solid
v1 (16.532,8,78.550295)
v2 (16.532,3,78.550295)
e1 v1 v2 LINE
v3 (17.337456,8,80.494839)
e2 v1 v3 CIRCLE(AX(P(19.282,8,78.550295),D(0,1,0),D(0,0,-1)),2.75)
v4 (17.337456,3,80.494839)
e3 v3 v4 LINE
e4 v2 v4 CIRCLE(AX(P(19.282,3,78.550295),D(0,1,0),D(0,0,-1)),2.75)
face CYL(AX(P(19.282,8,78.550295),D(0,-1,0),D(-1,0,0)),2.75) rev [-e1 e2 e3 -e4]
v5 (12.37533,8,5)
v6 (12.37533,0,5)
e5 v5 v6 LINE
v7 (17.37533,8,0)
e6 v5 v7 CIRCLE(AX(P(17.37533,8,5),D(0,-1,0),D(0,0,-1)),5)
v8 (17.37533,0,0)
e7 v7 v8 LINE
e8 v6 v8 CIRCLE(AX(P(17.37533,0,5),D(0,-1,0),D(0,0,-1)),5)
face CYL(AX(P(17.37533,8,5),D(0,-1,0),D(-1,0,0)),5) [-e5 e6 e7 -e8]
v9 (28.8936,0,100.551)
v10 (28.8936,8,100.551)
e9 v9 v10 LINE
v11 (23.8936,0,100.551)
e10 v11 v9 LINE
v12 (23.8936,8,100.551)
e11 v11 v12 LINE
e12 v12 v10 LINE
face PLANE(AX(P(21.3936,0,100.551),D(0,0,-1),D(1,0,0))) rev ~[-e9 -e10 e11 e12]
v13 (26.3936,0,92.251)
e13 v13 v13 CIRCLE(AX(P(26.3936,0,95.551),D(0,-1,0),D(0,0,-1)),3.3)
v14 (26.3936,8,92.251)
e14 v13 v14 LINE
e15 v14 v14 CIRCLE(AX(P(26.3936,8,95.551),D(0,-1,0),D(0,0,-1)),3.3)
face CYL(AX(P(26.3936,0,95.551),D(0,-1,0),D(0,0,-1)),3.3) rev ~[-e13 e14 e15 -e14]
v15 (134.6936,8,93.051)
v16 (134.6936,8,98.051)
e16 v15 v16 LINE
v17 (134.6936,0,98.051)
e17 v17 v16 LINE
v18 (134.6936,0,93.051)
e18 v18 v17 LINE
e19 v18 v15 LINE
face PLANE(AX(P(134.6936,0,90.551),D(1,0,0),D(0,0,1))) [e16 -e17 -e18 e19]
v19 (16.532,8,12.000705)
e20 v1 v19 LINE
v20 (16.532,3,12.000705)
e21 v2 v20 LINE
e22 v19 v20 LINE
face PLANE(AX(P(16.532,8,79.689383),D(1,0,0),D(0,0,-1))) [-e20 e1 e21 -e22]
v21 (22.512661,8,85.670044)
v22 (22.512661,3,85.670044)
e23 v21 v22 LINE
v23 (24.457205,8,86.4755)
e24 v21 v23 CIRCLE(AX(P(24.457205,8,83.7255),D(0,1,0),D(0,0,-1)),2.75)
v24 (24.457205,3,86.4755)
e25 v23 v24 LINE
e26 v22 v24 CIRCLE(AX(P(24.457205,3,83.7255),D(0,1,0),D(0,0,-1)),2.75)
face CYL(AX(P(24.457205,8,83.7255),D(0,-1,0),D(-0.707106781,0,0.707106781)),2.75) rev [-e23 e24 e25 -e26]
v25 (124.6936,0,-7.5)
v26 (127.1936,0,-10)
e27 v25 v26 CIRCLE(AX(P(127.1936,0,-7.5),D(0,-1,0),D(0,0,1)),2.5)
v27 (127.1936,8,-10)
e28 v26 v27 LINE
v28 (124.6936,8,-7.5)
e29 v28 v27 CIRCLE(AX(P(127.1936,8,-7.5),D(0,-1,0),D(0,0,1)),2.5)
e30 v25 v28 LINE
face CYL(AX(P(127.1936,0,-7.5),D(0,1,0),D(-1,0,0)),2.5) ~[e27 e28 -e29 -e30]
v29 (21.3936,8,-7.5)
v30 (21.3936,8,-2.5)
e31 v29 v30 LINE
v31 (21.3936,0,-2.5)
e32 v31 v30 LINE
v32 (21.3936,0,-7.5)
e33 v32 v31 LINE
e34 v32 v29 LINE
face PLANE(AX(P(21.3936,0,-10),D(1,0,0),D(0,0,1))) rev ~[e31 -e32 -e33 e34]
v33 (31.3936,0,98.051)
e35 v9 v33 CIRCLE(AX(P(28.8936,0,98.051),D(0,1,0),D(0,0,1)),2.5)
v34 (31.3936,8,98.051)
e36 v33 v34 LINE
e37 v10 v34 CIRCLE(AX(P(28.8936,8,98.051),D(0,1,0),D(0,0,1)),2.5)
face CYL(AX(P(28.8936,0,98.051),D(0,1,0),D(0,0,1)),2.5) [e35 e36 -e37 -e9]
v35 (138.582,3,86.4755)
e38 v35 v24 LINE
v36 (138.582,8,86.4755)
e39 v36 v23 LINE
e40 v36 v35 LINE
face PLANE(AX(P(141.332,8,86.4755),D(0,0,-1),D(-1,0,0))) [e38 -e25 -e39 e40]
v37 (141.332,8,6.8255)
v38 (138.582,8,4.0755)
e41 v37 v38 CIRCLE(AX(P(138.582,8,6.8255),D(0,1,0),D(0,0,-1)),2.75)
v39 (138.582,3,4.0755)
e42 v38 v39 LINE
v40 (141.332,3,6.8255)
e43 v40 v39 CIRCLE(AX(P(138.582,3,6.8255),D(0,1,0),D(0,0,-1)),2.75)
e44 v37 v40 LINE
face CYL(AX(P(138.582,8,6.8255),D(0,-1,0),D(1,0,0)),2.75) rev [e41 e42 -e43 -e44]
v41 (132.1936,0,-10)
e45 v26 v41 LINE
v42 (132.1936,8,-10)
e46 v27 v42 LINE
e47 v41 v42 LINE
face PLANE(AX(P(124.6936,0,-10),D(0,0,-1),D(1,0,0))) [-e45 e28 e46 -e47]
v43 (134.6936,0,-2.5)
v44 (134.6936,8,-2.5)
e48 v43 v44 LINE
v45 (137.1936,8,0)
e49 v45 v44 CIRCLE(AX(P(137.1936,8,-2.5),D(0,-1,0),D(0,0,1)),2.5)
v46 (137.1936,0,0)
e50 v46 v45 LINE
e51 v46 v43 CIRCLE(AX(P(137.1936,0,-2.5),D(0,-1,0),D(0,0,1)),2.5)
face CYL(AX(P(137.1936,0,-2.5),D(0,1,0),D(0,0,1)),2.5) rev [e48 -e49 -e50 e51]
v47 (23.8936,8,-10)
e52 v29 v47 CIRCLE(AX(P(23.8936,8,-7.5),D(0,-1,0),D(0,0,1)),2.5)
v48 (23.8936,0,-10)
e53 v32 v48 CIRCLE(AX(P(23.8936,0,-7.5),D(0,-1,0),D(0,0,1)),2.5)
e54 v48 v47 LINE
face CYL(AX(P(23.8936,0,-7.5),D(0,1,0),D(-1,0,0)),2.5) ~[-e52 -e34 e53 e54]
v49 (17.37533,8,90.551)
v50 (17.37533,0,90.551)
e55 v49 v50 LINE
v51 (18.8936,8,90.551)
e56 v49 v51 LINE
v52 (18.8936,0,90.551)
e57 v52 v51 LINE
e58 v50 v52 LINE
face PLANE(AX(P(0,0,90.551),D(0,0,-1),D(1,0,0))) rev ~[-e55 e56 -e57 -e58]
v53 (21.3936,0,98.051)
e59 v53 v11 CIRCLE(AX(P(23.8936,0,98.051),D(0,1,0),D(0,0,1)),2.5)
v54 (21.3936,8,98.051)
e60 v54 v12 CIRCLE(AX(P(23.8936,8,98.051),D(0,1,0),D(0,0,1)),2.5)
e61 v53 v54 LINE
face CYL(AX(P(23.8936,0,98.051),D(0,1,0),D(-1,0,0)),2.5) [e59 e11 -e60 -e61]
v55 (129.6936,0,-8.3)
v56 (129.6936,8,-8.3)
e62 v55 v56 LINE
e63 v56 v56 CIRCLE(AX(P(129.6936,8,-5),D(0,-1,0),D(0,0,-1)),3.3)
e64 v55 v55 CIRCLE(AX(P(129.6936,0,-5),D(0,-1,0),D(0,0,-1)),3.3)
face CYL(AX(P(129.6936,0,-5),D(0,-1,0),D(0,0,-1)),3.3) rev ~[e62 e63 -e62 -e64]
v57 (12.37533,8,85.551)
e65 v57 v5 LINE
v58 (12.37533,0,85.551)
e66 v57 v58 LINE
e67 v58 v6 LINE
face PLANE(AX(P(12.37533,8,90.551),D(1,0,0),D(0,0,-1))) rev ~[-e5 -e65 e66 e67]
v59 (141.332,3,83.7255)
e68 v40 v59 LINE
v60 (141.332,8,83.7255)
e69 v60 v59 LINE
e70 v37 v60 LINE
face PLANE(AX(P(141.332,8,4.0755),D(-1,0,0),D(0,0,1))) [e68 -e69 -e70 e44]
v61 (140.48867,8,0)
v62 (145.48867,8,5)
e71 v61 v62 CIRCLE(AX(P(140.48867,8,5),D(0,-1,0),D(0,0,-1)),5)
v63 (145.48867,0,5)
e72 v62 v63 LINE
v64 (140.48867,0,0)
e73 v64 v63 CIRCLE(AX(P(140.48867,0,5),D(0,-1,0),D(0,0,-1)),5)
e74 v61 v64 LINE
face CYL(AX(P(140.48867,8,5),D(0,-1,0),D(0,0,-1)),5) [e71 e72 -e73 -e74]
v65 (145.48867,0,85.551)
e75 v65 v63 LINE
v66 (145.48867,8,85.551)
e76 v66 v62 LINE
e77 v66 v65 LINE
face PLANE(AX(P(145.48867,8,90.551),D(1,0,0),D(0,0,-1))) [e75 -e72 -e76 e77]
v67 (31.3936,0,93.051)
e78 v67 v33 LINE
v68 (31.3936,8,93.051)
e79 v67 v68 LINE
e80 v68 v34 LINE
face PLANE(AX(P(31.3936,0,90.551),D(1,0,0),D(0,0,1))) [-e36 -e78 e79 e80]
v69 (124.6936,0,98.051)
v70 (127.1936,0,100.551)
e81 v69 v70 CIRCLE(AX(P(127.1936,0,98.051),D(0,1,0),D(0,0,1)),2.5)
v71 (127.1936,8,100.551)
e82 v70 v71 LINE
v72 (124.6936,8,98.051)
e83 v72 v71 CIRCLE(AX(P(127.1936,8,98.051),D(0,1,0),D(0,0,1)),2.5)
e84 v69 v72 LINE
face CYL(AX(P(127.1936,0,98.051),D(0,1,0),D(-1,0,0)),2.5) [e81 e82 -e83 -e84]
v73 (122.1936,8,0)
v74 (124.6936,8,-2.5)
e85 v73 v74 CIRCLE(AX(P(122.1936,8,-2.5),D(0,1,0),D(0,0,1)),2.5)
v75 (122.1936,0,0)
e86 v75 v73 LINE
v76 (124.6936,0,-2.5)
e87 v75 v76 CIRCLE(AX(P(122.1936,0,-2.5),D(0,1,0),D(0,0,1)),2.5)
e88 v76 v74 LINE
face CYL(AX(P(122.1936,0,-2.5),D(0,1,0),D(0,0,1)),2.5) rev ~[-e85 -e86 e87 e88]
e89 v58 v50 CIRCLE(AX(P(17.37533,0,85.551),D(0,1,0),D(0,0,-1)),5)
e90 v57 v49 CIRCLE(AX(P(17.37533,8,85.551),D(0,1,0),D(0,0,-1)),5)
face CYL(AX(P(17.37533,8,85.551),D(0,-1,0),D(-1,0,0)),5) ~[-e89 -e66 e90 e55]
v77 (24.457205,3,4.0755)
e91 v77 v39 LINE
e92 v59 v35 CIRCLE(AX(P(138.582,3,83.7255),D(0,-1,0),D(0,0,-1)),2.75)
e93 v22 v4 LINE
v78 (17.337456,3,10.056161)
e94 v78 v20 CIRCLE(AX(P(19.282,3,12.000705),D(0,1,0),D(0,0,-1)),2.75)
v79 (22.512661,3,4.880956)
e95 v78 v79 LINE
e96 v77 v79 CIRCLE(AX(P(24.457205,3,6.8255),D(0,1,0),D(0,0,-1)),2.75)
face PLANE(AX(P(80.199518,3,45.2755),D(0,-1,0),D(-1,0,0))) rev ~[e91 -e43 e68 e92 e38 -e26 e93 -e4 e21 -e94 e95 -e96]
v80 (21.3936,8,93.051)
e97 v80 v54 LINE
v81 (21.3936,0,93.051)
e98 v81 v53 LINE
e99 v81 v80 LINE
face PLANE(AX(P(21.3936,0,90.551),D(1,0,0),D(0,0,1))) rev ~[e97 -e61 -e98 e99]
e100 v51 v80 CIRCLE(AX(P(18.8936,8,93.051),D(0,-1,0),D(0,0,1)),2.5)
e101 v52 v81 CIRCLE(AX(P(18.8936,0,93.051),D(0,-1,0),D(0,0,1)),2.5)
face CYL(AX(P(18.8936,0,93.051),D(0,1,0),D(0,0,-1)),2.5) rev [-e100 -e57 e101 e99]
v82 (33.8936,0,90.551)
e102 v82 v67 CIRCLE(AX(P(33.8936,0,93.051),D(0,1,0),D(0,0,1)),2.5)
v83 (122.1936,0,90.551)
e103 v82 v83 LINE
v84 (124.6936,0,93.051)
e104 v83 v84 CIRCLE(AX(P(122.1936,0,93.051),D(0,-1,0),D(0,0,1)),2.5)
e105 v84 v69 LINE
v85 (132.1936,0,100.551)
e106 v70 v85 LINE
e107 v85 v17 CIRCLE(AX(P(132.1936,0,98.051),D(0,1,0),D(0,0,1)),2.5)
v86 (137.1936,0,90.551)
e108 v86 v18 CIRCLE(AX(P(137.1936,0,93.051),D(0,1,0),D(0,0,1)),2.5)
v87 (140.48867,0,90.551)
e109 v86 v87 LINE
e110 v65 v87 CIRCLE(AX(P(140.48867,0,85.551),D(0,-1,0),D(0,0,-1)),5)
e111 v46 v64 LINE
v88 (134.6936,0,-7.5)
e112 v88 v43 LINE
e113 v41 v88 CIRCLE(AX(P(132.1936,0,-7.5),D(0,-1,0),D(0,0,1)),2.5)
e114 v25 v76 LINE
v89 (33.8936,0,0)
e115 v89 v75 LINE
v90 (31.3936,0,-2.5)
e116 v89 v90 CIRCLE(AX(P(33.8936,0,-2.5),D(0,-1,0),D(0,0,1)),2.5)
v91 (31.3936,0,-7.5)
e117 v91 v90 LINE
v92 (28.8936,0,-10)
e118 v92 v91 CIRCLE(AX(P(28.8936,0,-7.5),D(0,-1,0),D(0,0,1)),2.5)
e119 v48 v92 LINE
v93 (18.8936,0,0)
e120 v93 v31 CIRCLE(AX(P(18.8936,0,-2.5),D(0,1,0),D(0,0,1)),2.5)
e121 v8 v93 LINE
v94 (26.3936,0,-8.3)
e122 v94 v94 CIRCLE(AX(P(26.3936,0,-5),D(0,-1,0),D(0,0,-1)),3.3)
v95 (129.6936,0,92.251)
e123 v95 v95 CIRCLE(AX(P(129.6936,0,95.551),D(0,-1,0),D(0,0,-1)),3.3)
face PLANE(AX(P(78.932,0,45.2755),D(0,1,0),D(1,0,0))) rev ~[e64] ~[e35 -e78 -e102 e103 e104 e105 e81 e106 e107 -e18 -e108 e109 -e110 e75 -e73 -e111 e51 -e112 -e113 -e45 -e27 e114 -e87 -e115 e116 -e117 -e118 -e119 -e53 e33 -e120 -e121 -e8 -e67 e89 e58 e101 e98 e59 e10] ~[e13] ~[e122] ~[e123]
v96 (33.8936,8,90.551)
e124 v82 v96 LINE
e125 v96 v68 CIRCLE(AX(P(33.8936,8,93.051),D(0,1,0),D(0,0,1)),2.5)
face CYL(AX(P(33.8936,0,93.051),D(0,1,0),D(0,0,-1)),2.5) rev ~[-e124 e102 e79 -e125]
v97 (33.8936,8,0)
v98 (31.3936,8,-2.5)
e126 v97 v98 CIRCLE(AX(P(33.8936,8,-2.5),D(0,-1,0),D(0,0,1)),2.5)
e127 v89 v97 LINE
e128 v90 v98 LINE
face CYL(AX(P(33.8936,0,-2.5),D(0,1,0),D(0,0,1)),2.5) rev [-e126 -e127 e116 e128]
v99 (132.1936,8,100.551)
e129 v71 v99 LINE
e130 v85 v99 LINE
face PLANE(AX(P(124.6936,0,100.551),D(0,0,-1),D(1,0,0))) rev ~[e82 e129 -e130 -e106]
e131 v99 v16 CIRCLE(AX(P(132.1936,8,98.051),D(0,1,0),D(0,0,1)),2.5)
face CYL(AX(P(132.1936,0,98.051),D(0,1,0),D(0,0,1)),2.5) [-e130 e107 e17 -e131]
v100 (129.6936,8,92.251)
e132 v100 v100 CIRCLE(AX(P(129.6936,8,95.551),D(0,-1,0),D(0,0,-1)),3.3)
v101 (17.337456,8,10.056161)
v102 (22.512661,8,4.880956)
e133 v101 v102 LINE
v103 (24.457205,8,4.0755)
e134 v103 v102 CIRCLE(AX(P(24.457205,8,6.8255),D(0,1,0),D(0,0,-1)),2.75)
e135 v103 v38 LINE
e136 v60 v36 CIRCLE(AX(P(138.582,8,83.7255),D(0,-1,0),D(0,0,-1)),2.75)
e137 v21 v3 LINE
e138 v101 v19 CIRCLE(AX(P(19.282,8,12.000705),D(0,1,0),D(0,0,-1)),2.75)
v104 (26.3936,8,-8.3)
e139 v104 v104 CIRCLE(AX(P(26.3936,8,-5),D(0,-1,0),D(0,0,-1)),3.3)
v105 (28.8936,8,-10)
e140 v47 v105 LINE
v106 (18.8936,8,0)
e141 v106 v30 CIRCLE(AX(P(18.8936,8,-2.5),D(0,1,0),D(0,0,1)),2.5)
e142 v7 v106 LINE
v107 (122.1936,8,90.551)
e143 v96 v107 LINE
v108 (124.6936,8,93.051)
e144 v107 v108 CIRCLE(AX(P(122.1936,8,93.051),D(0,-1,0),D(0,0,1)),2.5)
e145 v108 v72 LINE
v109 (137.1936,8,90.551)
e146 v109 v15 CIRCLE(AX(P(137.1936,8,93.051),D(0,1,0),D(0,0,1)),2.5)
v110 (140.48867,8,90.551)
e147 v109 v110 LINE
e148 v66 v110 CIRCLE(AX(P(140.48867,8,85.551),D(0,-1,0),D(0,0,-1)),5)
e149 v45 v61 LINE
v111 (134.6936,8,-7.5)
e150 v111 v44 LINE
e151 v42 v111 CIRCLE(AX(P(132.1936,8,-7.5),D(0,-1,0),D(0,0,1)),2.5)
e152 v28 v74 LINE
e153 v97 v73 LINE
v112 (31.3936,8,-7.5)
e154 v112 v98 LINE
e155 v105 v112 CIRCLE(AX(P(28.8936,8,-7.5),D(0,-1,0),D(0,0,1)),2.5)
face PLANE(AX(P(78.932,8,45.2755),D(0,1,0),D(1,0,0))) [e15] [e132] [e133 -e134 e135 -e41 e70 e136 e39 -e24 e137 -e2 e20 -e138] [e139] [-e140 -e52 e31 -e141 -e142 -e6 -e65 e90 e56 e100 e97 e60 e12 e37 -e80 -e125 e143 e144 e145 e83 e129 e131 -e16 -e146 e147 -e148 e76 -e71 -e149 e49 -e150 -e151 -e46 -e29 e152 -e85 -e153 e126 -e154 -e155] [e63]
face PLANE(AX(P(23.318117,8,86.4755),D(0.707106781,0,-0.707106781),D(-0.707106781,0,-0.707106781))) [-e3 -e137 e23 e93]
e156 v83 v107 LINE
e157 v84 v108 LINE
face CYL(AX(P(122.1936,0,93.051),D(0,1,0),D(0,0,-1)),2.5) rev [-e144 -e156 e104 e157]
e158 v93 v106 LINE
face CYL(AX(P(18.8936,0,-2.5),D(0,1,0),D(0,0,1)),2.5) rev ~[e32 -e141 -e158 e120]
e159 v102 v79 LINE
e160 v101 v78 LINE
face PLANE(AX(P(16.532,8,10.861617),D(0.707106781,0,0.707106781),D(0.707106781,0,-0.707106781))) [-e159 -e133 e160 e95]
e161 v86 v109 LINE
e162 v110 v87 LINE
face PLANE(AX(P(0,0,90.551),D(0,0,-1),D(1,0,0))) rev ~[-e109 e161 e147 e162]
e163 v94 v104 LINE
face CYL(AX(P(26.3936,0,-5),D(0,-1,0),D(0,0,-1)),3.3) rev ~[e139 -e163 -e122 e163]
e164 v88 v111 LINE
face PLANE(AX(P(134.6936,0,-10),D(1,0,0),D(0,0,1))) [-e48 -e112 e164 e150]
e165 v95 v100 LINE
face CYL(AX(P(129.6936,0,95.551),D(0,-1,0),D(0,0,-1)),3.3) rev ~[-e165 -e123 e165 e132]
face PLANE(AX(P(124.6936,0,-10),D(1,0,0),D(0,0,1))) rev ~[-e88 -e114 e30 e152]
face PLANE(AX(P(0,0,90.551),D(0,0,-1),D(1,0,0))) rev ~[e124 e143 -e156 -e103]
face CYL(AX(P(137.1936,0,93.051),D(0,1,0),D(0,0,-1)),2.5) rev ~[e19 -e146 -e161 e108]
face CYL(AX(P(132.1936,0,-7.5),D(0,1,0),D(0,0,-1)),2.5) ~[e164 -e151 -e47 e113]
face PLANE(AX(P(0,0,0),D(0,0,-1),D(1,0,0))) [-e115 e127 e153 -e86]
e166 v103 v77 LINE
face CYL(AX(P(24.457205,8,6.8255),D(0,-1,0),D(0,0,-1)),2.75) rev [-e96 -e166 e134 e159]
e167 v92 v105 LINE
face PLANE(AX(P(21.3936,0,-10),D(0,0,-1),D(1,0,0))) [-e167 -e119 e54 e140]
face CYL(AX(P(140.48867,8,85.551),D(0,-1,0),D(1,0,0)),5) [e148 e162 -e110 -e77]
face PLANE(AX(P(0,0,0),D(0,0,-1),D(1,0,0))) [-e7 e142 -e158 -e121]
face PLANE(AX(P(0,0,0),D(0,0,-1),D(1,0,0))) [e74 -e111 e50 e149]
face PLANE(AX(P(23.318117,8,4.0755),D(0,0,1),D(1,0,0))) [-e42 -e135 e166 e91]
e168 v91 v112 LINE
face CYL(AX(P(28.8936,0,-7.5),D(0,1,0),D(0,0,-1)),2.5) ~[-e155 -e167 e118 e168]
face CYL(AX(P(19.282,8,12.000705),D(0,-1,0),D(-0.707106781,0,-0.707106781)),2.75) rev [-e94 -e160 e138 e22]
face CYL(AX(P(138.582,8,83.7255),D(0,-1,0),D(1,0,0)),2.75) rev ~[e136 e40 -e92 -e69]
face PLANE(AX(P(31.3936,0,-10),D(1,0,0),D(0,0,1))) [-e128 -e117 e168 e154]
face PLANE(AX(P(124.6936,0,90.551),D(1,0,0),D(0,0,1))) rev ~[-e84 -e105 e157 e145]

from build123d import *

# Parameters (mm, degrees)
SKETCH1_W            = 157.864
SKETCH1_H            = 90.551
BOSS_EXTRUDE1_DEPTH  = 8
CUT_EXTRUDE21_DEPTH  = 5
FILLET8_R            = 2.75
SKETCH29_W           = 12.37533
SKETCH29_H           = 90.551
CUT_EXTRUDE25_DEPTH  = 183.166204596
FILLET9_R            = 5
SKETCH36_W           = 10
SKETCH36_H           = 10
SKETCH36_R           = 3.3
BOSS_EXTRUDE10_DEPTH = 8
FILLET10_R           = 2.5


with BuildPart() as part:
    # Sketch1 → Boss-Extrude1 (new body)
    with BuildSketch(Plane(origin=(0, 0, 0), x_dir=(1, 0, 0), z_dir=(0, 1, 0))):
        with Locations((78.932, -45.2755)):
            Rectangle(SKETCH1_W, SKETCH1_H)
    extrude(amount=BOSS_EXTRUDE1_DEPTH)

    # Sketch23 → Cut-Extrude21 (cut)
    with BuildSketch(Plane(origin=(0, 8, 0), x_dir=(1, 0, 0), z_dir=(0, 1, 0))):
        Polygon((141.332, -86.4755), (23.3181173, -86.4755), (16.532, -79.6893827), (16.532, -10.8616173), (23.3181173, -4.0755), (141.332, -4.0755), align=None)
    extrude(amount=-CUT_EXTRUDE21_DEPTH, mode=Mode.SUBTRACT)

    # Fillet8
    fillet8_edges = [part.edges().sort_by_distance(p)[0] for p in [
        (141.332, 5.5, 4.0755),
        (141.332, 5.5, 86.4755),
        (23.3181173, 5.5, 86.4755),
        (16.532, 5.5, 79.6893827),
        (16.532, 5.5, 10.8616173),
        (23.3181173, 5.5, 4.0755),
    ]]
    fillet(fillet8_edges, radius=FILLET8_R)

    # Sketch29 → Cut-Extrude25 (cut, through all)
    with BuildSketch(Plane(origin=(0, 8, 0), x_dir=(1, 0, 0), z_dir=(0, 1, 0))):
        with Locations((151.676335, -45.2755)):
            Rectangle(SKETCH29_W, SKETCH29_H)
        with Locations((6.187665, -45.2755)):
            Rectangle(SKETCH29_W, SKETCH29_H)
    extrude(amount=-CUT_EXTRUDE25_DEPTH, mode=Mode.SUBTRACT)

    # Fillet9
    fillet9_edges = [part.edges().sort_by_distance(p)[0] for p in [
        (145.48867, 4, 90.551),
        (145.48867, 4, 0),
        (12.37533, 4, 0),
        (12.37533, 4, 90.551),
    ]]
    fillet(fillet9_edges, radius=FILLET9_R)

    # Sketch36 → Boss-Extrude10 (add)
    # profile 1 of 4: a face of its own
    with BuildSketch(Plane.XZ):
        with Locations((26.3936, 95.551)):
            Rectangle(SKETCH36_W, SKETCH36_H)
        with Locations(Location((26.3936, 95.551, 0), (0, 0, 270))):
            Circle(SKETCH36_R, mode=Mode.SUBTRACT)
    # profile 2 of 4: a face of its own
    with BuildSketch(Plane.XZ):
        with Locations((129.6936, 95.551)):
            Rectangle(SKETCH36_W, SKETCH36_H)
        with Locations(Location((129.6936, 95.551, 0), (0, 0, 270))):
            Circle(SKETCH36_R, mode=Mode.SUBTRACT)
    # profile 3 of 4: a face of its own
    with BuildSketch(Plane.XZ):
        with Locations((26.3936, -5)):
            Rectangle(SKETCH36_W, SKETCH36_H)
        with Locations(Location((26.3936, -5, 0), (0, 0, 270))):
            Circle(SKETCH36_R, mode=Mode.SUBTRACT)
    # profile 4 of 4: a face of its own
    with BuildSketch(Plane.XZ):
        with Locations((129.6936, -5)):
            Rectangle(SKETCH36_W, SKETCH36_H)
        with Locations(Location((129.6936, -5, 0), (0, 0, 270))):
            Circle(SKETCH36_R, mode=Mode.SUBTRACT)
    extrude(amount=-BOSS_EXTRUDE10_DEPTH)

    # Fillet10
    fillet10_edges = [part.edges().sort_by_distance(p)[0] for p in [
        (21.3936, 4, 90.551),
        (21.3936, 4, 100.551),
        (31.3936, 4, 100.551),
        (31.3936, 4, 90.551),
        (124.6936, 4, 90.551),
        (124.6936, 4, 100.551),
        (134.6936, 4, 100.551),
        (134.6936, 4, 90.551),
        (31.3936, 4, 0),
        (31.3936, 4, -10),
        (21.3936, 4, -10),
        (21.3936, 4, 0),
        (124.6936, 4, -10),
        (124.6936, 4, 0),
        (134.6936, 4, 0),
        (134.6936, 4, -10),
    ]]
    fillet(fillet10_edges, radius=FILLET10_R)


solid = part.part
